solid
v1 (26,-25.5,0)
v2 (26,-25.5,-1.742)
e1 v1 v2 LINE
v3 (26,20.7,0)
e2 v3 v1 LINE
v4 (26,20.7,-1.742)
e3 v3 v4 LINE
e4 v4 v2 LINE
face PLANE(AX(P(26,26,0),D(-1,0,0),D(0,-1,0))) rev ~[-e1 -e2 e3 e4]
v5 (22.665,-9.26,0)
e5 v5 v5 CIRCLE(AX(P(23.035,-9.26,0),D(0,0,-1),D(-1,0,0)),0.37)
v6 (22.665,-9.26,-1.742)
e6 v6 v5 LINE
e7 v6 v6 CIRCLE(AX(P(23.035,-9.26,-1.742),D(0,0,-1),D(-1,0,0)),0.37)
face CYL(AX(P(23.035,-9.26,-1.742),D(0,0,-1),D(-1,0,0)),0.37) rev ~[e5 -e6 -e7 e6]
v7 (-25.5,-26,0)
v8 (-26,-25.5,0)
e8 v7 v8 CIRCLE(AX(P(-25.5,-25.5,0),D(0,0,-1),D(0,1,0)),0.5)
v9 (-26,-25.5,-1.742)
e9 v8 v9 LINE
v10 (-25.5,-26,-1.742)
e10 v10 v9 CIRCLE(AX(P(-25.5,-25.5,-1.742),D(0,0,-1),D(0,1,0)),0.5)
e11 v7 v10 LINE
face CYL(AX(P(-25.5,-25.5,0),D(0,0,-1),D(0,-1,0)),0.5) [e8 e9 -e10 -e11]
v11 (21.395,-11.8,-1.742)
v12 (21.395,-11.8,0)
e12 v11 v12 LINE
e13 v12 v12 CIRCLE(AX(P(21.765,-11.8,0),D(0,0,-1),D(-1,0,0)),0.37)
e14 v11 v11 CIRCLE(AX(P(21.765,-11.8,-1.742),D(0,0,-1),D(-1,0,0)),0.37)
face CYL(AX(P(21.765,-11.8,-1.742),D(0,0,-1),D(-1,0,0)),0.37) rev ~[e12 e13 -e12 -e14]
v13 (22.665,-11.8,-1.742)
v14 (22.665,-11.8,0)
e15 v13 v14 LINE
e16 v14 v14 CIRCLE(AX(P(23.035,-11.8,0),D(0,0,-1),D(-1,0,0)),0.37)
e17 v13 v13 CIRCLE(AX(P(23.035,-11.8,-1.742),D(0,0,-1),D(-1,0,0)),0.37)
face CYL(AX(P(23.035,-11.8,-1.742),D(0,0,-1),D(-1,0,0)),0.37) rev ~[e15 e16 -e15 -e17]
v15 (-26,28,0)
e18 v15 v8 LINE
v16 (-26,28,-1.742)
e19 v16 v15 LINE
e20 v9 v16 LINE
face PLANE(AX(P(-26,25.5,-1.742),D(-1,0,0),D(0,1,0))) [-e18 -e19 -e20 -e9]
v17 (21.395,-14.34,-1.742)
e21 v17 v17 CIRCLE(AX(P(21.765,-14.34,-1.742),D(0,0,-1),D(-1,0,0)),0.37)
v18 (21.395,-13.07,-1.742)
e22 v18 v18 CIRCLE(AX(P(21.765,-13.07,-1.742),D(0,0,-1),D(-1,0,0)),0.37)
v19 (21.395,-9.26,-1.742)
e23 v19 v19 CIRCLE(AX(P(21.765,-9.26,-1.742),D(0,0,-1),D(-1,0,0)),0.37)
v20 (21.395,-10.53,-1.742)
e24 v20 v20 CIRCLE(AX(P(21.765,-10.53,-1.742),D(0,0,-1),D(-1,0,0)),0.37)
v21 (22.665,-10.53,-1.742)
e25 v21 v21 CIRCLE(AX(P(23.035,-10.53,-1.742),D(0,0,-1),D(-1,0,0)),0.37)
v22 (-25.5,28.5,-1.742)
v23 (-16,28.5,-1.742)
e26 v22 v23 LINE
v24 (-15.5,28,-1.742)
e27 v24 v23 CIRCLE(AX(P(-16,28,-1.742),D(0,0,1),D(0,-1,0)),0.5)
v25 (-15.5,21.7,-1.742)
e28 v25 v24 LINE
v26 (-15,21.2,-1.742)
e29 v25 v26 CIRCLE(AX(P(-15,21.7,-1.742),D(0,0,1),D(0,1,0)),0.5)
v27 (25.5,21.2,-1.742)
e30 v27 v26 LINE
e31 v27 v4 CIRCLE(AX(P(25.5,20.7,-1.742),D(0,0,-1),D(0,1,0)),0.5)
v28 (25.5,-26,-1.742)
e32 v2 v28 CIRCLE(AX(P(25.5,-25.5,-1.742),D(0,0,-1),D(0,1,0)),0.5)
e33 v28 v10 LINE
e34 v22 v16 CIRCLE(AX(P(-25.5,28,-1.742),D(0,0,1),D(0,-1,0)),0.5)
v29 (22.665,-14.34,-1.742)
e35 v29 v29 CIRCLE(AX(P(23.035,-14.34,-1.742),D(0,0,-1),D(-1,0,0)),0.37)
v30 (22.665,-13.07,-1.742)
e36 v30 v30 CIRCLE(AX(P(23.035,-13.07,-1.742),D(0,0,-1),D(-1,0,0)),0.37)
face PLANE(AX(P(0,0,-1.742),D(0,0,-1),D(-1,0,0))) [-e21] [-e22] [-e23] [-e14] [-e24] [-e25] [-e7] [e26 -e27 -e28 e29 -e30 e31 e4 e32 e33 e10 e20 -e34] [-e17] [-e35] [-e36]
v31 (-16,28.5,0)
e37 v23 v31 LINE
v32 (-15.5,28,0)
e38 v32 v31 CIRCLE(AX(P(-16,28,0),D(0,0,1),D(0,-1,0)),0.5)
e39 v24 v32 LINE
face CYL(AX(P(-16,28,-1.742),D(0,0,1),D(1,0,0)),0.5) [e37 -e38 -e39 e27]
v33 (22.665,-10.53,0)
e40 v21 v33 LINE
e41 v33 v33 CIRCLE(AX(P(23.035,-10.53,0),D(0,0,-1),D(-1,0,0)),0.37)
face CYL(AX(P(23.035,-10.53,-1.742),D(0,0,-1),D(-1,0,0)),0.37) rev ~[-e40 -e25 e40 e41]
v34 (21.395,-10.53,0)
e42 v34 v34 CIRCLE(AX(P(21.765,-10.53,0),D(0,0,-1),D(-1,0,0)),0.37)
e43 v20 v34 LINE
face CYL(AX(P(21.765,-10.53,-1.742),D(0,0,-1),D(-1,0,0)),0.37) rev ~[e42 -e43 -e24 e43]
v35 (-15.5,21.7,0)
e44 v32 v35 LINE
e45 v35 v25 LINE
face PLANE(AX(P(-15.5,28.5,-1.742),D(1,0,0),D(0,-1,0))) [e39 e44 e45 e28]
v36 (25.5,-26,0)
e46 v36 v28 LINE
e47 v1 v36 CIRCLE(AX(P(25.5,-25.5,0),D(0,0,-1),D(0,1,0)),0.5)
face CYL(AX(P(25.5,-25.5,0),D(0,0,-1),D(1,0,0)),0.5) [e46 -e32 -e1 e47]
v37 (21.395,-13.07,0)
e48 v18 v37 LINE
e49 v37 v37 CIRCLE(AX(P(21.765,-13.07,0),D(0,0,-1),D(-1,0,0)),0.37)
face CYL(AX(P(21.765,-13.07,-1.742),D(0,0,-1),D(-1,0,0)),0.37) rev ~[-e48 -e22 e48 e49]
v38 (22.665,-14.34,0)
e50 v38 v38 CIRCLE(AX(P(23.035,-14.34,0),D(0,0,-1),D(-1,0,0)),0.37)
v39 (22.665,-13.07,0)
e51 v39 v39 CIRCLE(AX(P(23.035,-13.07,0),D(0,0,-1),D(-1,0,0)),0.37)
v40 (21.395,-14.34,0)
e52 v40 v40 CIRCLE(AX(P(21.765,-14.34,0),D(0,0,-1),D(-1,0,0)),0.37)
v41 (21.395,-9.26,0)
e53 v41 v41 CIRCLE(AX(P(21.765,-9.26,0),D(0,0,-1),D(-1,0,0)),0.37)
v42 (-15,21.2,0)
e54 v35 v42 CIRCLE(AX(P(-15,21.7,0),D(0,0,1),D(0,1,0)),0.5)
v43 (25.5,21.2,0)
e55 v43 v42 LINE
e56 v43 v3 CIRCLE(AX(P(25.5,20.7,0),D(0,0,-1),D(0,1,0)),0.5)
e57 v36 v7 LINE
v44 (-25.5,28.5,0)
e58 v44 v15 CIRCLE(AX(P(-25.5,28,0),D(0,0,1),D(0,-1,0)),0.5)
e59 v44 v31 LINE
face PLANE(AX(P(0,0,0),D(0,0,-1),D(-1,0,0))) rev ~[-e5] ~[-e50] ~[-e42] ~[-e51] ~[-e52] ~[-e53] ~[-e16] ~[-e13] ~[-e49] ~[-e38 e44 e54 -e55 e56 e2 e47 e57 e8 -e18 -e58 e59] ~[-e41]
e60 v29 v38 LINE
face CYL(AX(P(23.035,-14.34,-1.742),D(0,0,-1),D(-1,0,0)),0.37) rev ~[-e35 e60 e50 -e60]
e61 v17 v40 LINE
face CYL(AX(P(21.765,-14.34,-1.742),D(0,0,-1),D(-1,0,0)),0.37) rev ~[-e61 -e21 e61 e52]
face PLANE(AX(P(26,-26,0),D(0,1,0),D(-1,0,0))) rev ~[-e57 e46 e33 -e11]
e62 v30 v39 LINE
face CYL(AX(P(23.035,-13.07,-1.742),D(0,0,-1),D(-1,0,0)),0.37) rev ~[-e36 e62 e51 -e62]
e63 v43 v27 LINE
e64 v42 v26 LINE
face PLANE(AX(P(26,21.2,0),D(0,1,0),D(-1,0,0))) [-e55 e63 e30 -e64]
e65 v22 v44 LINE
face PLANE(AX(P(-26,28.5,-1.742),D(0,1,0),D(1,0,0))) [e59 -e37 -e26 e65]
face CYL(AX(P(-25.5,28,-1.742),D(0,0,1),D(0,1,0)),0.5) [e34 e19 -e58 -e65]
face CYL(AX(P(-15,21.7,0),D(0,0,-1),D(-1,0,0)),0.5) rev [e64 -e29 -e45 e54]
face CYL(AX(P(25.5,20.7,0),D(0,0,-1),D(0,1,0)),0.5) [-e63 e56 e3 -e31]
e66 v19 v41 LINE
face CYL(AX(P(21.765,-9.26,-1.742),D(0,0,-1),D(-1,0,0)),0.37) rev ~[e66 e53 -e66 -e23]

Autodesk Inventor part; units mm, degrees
ref_plane "YZ Plane" through (0, 0, 0) normal (1, 0, 0) x (0, 1, 0)
ref_plane "XZ Plane" through (0, 0, 0) normal (0, 1, 0) x (-1, 0, 0)
sketch "Boceto1" plane through (0, 0, 0) normal (0, 0, 1) x (1, 0, 0)
  line L0 (-26, 26) -> (26, 26)
  line L1 (26, 26) -> (26, -26)
  line L2 (26, -26) -> (-26, -26)
  line L3 (-26, -26) -> (-26, 26)
  line L4 (-26, 26) -> (26, -26) construction
  line L5 (26, 26) -> (-26, -26) construction
  point P0 (0, 0)
  dimension "d0" = 52
  dimension "d1" = 52
extrude "Extrusión1" add sketch "Boceto1" against normal blind 1.742
fillet "Empalme1" radius 0.5 4 edges at (26, 26, -0.871) (-26, 26, -0.871) (-26, -26, -0.871) (26, -26, -0.871)
ref_plane "Plano de trabajo1" through (0, 0, -1.6) normal (0, 0, 1) x (1, 0, 0)
sketch "Boceto6" plane through (0, 0, 0) normal (0, 0, 1) x (1, 0, 0)
  line L0 (-25.5, 26) -> (25.5, 26) construction
  line L1 (-25.5, 26) -> (25.5, 26) construction
  line L2 (-15.5, 26) -> (26, 26)
  line L3 (26, 26) -> (26, 21.2)
  line L4 (26, 21.2) -> (-15.5, 21.2)
  line L5 (-15.5, 21.2) -> (-15.5, 26)
  line L6 (26, 25.5) -> (26, -25.5) projected
  point P0 (0, 0)
  dimension "d14" = 4.8
  dimension "d15" = 41.5
extrude "Extrusión4" cut sketch "Boceto6" against normal through all
sketch "Boceto7" plane through (0, 0, -1.742) normal (0, 0, -1) x (-1, 0, 0)
  line L0 (25.5, 26) -> (15.5, 26) projected
  arc A0 (26, 25.5) -> (25.5, 26) centre (25.5, 25.5) ccw projected
  line L1 (26, 25.5) -> (26, 28.5)
  line L2 (26, 28.5) -> (15.5, 28.5)
  line L3 (15.5, 28.5) -> (15.5, 26)
  point P0 (0, 0)
  dimension "d18" = 2.5
extrude "Extrusión5" add sketch "Boceto7" against normal up to surface (1.742 mm away)
sketch "Boceto9" plane through (0, 0, -1.742) normal (0, 0, -1) x (-1, 0, 0)
  circle A0 centre (-21.765, -9.26) radius 0.37 projected
  circle A1 centre (-23.035, -9.26) radius 0.37 projected
  circle A2 centre (-23.035, -10.53) radius 0.37 projected
  circle A3 centre (-21.765, -10.53) radius 0.37 projected
  circle A4 centre (-23.035, -11.8) radius 0.37 projected
  circle A5 centre (-21.765, -11.8) radius 0.37 projected
  circle A6 centre (-23.035, -13.07) radius 0.37 projected
  circle A7 centre (-21.765, -13.07) radius 0.37 projected
  circle A8 centre (-23.035, -14.34) radius 0.37 projected
  circle A9 centre (-21.765, -14.34) radius 0.37 projected
  point P0 (0, 0)
extrude "Extrusión6" cut sketch "Boceto9" against normal up to surface (1.742 mm away)
fillet "Empalme2" radius 0.5 4 edges at (26, 21.2, -0.871) (-15.5, 21.2, -0.871) (-15.5, 28.5, -0.871) (-26, 28.5, -0.871)
properties part number "hw_DAA - PCB Power" material "PCB"
